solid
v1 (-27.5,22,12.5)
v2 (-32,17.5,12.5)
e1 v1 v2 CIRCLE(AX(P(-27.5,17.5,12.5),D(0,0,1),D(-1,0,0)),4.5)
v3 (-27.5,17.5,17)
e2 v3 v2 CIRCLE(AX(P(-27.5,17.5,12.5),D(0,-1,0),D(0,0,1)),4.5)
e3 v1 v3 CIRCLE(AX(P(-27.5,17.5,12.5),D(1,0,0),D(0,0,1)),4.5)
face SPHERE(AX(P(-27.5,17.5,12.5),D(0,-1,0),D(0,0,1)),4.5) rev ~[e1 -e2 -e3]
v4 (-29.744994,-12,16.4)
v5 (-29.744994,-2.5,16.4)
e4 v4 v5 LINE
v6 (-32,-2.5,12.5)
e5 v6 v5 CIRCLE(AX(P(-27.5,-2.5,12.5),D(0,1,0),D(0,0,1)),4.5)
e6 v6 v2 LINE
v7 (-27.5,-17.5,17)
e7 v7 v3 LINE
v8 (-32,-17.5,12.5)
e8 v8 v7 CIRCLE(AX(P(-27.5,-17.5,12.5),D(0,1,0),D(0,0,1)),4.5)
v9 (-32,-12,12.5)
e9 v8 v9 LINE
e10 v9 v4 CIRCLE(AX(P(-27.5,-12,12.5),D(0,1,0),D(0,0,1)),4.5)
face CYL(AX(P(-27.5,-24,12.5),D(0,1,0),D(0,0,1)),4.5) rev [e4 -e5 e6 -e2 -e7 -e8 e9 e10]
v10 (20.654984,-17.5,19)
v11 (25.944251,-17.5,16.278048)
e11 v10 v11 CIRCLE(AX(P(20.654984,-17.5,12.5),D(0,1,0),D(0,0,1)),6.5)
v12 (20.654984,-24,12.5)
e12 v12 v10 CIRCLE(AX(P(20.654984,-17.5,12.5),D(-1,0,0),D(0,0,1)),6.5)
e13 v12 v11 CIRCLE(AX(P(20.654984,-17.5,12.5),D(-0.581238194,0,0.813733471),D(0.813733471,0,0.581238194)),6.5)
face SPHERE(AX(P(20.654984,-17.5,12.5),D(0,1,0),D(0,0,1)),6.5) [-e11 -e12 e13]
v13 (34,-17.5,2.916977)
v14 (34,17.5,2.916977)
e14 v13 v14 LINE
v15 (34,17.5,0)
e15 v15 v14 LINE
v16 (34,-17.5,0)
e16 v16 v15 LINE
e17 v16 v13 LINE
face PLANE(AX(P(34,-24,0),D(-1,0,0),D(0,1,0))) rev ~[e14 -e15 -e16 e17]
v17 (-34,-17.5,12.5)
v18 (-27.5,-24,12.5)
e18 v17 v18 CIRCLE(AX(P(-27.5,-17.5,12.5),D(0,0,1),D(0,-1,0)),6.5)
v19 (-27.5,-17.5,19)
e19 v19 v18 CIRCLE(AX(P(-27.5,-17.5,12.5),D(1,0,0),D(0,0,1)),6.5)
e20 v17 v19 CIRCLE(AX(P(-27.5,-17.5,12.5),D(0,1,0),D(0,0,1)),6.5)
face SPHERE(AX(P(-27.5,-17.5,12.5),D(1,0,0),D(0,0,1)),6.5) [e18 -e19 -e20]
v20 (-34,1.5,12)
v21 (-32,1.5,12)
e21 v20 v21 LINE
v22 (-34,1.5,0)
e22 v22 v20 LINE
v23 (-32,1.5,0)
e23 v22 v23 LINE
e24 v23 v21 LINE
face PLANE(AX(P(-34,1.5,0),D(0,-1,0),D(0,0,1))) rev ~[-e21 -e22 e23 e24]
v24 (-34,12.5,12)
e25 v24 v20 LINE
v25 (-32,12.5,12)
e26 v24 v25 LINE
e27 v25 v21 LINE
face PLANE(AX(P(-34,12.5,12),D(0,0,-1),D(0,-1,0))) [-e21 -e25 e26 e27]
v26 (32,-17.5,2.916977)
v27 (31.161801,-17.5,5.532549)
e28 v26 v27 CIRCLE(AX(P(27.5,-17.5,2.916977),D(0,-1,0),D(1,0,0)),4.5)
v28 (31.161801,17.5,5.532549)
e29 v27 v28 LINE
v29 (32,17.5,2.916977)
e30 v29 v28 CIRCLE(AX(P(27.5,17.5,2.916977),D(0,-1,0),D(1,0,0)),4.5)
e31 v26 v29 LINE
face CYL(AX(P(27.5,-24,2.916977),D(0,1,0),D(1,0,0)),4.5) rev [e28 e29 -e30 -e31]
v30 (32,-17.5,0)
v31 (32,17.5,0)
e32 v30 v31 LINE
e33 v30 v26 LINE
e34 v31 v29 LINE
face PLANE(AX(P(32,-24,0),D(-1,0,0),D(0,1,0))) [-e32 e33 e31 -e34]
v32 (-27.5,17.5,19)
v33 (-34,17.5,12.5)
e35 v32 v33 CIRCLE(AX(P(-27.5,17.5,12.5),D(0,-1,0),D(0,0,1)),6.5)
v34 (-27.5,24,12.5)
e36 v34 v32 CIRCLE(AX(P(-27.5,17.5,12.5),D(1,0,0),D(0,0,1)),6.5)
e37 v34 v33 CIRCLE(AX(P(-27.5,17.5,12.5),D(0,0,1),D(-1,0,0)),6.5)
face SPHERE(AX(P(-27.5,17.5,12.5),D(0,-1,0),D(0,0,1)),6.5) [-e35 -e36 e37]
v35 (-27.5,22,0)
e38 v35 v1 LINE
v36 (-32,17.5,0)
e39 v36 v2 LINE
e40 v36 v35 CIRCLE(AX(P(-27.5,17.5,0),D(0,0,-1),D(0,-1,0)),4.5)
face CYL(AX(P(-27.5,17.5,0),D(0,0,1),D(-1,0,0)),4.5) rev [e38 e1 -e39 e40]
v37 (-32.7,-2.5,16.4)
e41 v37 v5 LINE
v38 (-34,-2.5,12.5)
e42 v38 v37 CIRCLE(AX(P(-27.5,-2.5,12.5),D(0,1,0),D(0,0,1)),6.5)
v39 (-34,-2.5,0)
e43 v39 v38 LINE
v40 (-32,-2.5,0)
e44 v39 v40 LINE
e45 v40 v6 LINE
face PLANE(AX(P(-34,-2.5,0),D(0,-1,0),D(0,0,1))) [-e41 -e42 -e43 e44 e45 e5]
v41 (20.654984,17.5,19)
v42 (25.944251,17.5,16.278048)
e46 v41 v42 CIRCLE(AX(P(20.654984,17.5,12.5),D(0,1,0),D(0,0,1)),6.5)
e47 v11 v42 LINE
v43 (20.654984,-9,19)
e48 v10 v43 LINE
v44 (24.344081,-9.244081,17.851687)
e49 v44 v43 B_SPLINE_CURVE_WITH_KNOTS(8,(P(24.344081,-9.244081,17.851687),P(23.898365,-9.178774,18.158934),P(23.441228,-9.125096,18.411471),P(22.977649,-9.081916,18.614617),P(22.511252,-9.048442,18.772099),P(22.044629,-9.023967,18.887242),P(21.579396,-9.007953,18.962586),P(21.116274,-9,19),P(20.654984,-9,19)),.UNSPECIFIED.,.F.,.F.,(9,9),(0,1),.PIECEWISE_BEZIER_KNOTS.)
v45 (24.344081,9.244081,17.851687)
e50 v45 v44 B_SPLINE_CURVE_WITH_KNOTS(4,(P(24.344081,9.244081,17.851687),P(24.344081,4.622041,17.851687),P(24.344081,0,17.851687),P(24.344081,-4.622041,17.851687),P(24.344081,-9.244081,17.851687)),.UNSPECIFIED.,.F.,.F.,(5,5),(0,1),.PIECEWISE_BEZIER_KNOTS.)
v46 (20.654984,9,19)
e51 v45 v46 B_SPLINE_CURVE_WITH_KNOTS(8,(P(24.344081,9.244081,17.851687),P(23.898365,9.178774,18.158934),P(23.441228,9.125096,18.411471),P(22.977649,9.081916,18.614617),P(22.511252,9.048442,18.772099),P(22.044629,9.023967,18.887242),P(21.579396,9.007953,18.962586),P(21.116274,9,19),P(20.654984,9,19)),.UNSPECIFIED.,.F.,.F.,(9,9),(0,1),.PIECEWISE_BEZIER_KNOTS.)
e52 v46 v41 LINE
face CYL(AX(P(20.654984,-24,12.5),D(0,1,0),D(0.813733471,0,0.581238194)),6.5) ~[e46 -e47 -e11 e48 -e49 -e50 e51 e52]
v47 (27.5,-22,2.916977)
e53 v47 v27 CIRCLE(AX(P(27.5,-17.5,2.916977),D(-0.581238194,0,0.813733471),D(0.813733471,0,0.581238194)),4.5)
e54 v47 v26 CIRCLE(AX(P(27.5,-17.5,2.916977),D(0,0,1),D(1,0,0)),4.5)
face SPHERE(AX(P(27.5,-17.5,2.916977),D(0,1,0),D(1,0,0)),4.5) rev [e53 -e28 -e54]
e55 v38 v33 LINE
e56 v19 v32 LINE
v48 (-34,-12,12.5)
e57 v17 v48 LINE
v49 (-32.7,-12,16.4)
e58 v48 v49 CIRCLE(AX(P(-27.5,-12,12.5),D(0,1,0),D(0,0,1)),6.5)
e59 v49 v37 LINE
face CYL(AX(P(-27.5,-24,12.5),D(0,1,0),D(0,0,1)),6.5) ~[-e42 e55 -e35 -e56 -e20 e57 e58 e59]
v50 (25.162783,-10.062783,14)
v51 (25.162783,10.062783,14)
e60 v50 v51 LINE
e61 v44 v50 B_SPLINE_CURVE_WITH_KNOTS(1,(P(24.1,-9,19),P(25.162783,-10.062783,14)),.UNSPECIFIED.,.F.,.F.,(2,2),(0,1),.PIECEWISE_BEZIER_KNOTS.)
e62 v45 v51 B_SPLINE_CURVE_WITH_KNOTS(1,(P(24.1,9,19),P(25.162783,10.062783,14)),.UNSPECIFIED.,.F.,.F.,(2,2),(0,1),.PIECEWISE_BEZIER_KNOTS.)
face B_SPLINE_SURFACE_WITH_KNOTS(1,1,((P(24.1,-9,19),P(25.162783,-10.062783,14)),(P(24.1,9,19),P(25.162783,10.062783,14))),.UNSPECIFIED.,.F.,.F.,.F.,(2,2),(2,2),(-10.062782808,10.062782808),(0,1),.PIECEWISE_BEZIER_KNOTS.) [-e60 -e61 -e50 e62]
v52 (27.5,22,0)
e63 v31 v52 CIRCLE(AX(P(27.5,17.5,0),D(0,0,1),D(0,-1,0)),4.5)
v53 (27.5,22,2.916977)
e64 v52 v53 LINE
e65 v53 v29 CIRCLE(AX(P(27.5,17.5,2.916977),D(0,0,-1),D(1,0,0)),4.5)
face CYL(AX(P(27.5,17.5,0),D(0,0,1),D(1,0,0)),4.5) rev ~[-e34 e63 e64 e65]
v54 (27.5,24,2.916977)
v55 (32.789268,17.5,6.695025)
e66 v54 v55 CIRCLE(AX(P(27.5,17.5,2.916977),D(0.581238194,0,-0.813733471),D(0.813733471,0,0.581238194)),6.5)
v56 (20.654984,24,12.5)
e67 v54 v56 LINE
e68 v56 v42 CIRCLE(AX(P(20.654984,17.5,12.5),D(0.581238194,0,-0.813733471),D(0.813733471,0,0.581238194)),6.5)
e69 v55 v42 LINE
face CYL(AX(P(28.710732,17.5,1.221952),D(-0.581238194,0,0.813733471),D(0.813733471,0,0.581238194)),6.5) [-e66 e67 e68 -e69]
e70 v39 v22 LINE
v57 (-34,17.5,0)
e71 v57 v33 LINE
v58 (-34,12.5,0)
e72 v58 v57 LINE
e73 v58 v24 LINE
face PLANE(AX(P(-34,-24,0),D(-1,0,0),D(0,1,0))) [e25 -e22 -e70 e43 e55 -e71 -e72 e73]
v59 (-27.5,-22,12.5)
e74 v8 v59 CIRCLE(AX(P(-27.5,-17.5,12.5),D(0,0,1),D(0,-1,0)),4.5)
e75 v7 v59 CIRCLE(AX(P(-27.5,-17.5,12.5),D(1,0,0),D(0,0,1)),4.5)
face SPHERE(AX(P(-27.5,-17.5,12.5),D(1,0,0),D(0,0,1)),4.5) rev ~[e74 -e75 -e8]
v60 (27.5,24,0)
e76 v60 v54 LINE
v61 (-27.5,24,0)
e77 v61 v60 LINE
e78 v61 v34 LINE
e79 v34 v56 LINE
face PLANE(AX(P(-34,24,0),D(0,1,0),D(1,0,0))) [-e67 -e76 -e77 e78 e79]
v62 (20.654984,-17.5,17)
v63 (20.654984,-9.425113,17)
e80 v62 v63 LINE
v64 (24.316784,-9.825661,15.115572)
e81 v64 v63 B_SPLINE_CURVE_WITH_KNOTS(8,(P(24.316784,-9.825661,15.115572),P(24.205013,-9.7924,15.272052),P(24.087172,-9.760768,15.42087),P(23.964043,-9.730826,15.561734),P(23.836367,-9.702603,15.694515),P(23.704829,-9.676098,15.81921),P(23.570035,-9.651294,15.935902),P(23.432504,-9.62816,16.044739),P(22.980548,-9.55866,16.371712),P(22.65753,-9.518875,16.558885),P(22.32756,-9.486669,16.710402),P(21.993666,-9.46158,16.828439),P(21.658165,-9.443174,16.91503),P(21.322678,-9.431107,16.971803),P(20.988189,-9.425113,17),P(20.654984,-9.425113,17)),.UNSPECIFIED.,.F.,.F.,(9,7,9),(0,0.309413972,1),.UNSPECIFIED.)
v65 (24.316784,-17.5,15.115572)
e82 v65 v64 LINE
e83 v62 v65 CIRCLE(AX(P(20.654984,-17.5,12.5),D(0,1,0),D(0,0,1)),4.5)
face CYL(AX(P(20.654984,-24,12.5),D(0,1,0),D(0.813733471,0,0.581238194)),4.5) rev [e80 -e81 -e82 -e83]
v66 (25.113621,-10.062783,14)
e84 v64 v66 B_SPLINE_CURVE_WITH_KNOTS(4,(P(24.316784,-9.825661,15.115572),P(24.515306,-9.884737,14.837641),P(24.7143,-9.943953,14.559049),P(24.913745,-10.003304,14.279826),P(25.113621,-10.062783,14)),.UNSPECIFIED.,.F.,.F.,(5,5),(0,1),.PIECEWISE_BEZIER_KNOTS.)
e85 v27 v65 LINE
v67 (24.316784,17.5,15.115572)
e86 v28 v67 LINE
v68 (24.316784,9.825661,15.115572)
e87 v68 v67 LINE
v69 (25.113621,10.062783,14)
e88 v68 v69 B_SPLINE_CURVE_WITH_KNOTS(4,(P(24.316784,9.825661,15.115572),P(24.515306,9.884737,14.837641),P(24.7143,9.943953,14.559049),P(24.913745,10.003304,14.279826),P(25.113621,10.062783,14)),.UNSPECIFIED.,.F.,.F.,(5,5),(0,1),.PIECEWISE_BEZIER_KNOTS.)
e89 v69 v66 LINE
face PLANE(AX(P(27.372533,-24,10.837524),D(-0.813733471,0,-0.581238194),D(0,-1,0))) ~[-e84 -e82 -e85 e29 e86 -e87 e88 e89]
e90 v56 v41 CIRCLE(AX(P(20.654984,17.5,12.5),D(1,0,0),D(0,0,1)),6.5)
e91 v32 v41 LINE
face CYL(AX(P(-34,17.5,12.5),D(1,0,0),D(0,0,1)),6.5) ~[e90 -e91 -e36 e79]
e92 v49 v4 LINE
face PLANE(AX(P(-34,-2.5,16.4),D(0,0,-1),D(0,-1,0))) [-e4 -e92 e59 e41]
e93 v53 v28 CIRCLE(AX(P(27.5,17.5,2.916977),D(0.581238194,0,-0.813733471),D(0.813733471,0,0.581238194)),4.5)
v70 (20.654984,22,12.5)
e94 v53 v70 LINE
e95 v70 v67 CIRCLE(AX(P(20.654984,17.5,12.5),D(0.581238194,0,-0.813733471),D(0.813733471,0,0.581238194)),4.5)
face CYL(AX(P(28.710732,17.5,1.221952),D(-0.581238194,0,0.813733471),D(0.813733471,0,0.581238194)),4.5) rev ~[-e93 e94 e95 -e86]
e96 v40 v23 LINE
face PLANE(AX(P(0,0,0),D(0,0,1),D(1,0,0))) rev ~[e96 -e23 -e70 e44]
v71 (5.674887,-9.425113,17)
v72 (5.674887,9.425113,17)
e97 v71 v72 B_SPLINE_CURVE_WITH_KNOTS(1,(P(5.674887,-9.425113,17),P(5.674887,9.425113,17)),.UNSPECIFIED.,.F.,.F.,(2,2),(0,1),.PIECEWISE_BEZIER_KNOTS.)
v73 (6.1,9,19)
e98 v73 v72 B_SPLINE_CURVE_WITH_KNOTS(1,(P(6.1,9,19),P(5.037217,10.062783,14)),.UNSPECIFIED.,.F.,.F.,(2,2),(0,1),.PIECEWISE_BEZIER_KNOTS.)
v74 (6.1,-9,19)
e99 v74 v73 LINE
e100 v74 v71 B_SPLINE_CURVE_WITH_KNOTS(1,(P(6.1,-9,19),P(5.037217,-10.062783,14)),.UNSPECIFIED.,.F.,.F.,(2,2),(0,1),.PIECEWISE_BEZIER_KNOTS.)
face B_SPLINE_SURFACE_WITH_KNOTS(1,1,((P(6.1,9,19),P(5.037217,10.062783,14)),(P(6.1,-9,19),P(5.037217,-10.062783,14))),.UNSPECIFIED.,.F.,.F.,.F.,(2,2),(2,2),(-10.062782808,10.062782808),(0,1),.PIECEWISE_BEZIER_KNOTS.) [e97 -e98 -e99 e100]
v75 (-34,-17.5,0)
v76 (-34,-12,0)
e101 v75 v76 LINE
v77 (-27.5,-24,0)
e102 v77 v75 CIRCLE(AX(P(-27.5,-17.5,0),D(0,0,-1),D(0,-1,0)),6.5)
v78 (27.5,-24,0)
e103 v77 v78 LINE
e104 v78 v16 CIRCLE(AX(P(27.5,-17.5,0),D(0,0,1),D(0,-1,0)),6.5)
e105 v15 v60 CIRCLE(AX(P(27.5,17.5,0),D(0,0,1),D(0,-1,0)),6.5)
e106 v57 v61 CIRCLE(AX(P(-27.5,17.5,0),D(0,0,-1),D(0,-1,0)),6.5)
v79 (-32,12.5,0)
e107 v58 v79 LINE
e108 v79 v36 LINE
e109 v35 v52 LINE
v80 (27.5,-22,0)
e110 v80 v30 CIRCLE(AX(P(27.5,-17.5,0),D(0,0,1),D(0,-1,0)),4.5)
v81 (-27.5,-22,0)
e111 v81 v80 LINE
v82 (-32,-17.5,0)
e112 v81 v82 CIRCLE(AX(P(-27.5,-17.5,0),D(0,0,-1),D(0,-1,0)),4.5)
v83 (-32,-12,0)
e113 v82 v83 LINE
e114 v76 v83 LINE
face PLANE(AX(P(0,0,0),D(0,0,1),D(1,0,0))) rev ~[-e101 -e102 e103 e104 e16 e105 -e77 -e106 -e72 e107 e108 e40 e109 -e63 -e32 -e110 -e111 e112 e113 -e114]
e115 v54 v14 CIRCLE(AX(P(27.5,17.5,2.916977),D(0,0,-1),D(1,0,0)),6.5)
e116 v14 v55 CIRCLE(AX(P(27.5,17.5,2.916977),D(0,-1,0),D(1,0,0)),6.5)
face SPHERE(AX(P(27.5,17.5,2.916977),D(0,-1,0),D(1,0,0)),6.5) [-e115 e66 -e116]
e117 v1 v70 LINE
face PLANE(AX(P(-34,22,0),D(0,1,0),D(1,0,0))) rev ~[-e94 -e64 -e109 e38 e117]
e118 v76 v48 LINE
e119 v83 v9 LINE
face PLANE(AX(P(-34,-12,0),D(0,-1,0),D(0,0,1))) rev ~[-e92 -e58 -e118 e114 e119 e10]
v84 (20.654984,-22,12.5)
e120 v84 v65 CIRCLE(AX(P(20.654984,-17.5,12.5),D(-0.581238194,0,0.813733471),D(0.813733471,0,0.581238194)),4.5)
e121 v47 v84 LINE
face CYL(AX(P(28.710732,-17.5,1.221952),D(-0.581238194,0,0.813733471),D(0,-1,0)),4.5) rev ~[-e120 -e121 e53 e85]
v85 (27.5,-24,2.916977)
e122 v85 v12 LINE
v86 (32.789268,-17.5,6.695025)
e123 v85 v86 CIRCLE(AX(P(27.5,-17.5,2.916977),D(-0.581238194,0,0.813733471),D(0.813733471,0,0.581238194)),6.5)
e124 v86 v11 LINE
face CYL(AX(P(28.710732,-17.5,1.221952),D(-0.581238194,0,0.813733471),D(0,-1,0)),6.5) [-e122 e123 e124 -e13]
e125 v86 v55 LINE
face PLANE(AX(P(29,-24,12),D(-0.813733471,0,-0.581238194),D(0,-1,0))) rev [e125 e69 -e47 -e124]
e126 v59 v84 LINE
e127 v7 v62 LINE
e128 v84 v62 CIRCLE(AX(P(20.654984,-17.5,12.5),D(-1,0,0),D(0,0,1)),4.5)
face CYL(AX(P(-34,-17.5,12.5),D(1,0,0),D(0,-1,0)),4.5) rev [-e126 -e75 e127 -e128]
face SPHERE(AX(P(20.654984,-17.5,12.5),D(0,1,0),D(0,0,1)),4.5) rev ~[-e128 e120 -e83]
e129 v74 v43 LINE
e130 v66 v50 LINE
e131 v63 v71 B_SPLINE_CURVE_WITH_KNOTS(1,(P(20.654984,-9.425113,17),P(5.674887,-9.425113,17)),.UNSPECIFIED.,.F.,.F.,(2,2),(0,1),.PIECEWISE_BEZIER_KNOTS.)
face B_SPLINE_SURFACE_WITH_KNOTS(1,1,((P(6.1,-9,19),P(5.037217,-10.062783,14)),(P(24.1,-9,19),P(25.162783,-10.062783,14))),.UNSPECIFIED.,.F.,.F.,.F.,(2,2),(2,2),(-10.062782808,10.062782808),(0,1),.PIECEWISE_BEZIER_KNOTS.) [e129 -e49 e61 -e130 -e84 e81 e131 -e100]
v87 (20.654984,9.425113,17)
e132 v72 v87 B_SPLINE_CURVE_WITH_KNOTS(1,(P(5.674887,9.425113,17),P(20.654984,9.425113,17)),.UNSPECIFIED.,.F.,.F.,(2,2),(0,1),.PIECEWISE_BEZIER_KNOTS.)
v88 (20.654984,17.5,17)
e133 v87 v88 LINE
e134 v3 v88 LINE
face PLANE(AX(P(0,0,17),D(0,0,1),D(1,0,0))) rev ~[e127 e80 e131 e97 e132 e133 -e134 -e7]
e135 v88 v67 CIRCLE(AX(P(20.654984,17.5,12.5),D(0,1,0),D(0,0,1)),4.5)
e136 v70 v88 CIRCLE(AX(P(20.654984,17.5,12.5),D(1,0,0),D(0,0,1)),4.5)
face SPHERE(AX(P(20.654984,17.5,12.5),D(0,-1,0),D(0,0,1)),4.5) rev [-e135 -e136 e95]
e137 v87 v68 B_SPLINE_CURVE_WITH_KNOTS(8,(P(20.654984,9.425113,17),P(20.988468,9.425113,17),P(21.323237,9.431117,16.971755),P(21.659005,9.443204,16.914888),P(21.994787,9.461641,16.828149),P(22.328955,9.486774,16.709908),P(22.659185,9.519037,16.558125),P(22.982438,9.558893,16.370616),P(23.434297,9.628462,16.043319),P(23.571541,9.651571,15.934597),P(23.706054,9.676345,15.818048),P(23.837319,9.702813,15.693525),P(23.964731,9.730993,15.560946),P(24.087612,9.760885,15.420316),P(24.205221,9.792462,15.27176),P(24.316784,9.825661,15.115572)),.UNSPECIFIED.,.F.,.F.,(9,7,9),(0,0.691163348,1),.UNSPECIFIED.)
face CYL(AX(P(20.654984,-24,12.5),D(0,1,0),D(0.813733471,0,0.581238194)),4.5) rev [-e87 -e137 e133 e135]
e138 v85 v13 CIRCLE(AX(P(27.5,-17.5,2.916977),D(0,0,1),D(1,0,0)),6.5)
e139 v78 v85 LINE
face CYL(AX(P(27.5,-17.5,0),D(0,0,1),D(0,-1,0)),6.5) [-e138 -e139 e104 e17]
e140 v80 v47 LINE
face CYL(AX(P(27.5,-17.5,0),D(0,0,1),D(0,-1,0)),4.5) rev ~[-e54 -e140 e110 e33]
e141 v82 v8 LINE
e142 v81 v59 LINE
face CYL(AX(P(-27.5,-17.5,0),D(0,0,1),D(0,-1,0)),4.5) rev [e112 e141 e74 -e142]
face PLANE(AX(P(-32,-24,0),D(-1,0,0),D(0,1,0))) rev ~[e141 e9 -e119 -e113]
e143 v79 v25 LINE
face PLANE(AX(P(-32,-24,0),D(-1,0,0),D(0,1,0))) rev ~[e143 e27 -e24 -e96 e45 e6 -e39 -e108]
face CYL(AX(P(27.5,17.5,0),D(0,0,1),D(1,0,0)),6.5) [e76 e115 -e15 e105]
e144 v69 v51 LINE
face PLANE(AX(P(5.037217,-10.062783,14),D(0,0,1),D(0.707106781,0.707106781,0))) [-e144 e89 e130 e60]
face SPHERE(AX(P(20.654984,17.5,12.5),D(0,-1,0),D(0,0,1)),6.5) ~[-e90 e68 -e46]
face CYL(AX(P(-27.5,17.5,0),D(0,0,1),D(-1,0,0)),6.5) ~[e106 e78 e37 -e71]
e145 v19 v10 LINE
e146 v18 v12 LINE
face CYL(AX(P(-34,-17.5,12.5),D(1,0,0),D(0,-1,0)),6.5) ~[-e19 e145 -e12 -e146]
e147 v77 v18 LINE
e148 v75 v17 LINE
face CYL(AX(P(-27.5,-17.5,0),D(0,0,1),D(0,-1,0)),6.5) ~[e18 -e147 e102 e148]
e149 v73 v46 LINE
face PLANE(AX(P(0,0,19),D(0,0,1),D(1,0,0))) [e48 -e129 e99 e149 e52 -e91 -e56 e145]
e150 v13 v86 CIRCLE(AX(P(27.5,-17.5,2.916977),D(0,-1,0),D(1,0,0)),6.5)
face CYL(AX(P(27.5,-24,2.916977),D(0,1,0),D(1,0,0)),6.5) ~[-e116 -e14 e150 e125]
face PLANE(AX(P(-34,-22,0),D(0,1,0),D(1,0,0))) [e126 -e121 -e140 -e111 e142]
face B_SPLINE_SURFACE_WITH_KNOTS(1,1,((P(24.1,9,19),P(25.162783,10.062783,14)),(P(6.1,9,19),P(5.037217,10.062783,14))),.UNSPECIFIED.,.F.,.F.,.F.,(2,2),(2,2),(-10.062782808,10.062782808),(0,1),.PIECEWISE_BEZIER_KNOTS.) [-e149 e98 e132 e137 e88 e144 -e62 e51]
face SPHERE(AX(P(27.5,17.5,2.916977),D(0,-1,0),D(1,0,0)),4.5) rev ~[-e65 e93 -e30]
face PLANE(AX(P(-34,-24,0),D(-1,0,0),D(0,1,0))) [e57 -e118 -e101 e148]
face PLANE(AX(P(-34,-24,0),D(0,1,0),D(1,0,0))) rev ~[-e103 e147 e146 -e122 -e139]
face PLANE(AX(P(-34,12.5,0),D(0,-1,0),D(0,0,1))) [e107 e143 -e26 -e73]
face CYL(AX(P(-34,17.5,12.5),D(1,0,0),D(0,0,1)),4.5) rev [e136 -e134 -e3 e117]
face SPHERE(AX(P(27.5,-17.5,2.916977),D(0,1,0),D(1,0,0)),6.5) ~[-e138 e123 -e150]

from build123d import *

# Parameters (mm, degrees)
SKETCH002_W     = 68
SKETCH002_H     = 48
PAD002_DEPTH    = 19
CHAMFER_SIZE2   = 10
CHAMFER_SIZE    = 14
FILLET001_R     = 6.5
THICKNESS_T     = -2
SKETCH004_W     = 18
SKETCH004_H     = 18
POCKET_DEPTH    = 5
POCKET_TAPER    = -12
SKETCH005_W     = 9.5
SKETCH005_H     = 16.4
SKETCH005_W_2   = 11
SKETCH005_H_2   = 12
POCKET001_DEPTH = 5


with BuildPart() as part:
    # Sketch002 → Pad002 (new body)
    with BuildSketch(Plane.XY):
        Rectangle(SKETCH002_W, SKETCH002_H)
    extrude(amount=PAD002_DEPTH)

    # Chamfer
    chamfer_edges = [part.edges().sort_by_distance(p)[0] for p in [
        (34, 0, 19),
    ]]
    chamfer_side = part.faces().sort_by_distance((34, 0, 9.5))[0]
    chamfer(chamfer_edges, length=CHAMFER_SIZE, length2=CHAMFER_SIZE2, reference=chamfer_side)

    # Fillet001
    fillet001_edges = [part.edges().sort_by_distance(p)[0] for p in [
        (29, -24, 12),
        (24, 0, 19),
        (-5, -24, 19),
        (-34, 0, 19),
        (-5, 24, 19),
        (29, 24, 12),
        (34, 0, 5),
        (34, 24, 2.5),
        (34, -24, 2.5),
        (-34, 24, 9.5),
        (-34, -24, 9.5),
    ]]
    fillet(fillet001_edges, radius=FILLET001_R)

    # Thickness
    thickness_openings = [part.faces().sort_by_distance(p)[0] for p in [
        (0, 0, 0),
    ]]
    offset(amount=THICKNESS_T, openings=thickness_openings)

    # Sketch004 (on Face14 of Thickness) → Pocket (cut)
    with BuildSketch(Plane.XY.offset(19)):
        with Locations((15.1, 0)):
            Rectangle(SKETCH004_W, SKETCH004_H)
    extrude(amount=-POCKET_DEPTH, taper=POCKET_TAPER, mode=Mode.SUBTRACT)

    # Sketch005 (on Face7 of Pocket) → Pocket001 (cut)
    with BuildSketch(Plane(origin=(-34, 0, 0), x_dir=(0, -1, 0), z_dir=(-1, 0, 0))):
        with Locations((7.25, 8.2)):
            Rectangle(SKETCH005_W, SKETCH005_H)
        with Locations((-7, 6)):
            Rectangle(SKETCH005_W_2, SKETCH005_H_2)
    extrude(amount=-POCKET001_DEPTH, mode=Mode.SUBTRACT)


solid = part.part
